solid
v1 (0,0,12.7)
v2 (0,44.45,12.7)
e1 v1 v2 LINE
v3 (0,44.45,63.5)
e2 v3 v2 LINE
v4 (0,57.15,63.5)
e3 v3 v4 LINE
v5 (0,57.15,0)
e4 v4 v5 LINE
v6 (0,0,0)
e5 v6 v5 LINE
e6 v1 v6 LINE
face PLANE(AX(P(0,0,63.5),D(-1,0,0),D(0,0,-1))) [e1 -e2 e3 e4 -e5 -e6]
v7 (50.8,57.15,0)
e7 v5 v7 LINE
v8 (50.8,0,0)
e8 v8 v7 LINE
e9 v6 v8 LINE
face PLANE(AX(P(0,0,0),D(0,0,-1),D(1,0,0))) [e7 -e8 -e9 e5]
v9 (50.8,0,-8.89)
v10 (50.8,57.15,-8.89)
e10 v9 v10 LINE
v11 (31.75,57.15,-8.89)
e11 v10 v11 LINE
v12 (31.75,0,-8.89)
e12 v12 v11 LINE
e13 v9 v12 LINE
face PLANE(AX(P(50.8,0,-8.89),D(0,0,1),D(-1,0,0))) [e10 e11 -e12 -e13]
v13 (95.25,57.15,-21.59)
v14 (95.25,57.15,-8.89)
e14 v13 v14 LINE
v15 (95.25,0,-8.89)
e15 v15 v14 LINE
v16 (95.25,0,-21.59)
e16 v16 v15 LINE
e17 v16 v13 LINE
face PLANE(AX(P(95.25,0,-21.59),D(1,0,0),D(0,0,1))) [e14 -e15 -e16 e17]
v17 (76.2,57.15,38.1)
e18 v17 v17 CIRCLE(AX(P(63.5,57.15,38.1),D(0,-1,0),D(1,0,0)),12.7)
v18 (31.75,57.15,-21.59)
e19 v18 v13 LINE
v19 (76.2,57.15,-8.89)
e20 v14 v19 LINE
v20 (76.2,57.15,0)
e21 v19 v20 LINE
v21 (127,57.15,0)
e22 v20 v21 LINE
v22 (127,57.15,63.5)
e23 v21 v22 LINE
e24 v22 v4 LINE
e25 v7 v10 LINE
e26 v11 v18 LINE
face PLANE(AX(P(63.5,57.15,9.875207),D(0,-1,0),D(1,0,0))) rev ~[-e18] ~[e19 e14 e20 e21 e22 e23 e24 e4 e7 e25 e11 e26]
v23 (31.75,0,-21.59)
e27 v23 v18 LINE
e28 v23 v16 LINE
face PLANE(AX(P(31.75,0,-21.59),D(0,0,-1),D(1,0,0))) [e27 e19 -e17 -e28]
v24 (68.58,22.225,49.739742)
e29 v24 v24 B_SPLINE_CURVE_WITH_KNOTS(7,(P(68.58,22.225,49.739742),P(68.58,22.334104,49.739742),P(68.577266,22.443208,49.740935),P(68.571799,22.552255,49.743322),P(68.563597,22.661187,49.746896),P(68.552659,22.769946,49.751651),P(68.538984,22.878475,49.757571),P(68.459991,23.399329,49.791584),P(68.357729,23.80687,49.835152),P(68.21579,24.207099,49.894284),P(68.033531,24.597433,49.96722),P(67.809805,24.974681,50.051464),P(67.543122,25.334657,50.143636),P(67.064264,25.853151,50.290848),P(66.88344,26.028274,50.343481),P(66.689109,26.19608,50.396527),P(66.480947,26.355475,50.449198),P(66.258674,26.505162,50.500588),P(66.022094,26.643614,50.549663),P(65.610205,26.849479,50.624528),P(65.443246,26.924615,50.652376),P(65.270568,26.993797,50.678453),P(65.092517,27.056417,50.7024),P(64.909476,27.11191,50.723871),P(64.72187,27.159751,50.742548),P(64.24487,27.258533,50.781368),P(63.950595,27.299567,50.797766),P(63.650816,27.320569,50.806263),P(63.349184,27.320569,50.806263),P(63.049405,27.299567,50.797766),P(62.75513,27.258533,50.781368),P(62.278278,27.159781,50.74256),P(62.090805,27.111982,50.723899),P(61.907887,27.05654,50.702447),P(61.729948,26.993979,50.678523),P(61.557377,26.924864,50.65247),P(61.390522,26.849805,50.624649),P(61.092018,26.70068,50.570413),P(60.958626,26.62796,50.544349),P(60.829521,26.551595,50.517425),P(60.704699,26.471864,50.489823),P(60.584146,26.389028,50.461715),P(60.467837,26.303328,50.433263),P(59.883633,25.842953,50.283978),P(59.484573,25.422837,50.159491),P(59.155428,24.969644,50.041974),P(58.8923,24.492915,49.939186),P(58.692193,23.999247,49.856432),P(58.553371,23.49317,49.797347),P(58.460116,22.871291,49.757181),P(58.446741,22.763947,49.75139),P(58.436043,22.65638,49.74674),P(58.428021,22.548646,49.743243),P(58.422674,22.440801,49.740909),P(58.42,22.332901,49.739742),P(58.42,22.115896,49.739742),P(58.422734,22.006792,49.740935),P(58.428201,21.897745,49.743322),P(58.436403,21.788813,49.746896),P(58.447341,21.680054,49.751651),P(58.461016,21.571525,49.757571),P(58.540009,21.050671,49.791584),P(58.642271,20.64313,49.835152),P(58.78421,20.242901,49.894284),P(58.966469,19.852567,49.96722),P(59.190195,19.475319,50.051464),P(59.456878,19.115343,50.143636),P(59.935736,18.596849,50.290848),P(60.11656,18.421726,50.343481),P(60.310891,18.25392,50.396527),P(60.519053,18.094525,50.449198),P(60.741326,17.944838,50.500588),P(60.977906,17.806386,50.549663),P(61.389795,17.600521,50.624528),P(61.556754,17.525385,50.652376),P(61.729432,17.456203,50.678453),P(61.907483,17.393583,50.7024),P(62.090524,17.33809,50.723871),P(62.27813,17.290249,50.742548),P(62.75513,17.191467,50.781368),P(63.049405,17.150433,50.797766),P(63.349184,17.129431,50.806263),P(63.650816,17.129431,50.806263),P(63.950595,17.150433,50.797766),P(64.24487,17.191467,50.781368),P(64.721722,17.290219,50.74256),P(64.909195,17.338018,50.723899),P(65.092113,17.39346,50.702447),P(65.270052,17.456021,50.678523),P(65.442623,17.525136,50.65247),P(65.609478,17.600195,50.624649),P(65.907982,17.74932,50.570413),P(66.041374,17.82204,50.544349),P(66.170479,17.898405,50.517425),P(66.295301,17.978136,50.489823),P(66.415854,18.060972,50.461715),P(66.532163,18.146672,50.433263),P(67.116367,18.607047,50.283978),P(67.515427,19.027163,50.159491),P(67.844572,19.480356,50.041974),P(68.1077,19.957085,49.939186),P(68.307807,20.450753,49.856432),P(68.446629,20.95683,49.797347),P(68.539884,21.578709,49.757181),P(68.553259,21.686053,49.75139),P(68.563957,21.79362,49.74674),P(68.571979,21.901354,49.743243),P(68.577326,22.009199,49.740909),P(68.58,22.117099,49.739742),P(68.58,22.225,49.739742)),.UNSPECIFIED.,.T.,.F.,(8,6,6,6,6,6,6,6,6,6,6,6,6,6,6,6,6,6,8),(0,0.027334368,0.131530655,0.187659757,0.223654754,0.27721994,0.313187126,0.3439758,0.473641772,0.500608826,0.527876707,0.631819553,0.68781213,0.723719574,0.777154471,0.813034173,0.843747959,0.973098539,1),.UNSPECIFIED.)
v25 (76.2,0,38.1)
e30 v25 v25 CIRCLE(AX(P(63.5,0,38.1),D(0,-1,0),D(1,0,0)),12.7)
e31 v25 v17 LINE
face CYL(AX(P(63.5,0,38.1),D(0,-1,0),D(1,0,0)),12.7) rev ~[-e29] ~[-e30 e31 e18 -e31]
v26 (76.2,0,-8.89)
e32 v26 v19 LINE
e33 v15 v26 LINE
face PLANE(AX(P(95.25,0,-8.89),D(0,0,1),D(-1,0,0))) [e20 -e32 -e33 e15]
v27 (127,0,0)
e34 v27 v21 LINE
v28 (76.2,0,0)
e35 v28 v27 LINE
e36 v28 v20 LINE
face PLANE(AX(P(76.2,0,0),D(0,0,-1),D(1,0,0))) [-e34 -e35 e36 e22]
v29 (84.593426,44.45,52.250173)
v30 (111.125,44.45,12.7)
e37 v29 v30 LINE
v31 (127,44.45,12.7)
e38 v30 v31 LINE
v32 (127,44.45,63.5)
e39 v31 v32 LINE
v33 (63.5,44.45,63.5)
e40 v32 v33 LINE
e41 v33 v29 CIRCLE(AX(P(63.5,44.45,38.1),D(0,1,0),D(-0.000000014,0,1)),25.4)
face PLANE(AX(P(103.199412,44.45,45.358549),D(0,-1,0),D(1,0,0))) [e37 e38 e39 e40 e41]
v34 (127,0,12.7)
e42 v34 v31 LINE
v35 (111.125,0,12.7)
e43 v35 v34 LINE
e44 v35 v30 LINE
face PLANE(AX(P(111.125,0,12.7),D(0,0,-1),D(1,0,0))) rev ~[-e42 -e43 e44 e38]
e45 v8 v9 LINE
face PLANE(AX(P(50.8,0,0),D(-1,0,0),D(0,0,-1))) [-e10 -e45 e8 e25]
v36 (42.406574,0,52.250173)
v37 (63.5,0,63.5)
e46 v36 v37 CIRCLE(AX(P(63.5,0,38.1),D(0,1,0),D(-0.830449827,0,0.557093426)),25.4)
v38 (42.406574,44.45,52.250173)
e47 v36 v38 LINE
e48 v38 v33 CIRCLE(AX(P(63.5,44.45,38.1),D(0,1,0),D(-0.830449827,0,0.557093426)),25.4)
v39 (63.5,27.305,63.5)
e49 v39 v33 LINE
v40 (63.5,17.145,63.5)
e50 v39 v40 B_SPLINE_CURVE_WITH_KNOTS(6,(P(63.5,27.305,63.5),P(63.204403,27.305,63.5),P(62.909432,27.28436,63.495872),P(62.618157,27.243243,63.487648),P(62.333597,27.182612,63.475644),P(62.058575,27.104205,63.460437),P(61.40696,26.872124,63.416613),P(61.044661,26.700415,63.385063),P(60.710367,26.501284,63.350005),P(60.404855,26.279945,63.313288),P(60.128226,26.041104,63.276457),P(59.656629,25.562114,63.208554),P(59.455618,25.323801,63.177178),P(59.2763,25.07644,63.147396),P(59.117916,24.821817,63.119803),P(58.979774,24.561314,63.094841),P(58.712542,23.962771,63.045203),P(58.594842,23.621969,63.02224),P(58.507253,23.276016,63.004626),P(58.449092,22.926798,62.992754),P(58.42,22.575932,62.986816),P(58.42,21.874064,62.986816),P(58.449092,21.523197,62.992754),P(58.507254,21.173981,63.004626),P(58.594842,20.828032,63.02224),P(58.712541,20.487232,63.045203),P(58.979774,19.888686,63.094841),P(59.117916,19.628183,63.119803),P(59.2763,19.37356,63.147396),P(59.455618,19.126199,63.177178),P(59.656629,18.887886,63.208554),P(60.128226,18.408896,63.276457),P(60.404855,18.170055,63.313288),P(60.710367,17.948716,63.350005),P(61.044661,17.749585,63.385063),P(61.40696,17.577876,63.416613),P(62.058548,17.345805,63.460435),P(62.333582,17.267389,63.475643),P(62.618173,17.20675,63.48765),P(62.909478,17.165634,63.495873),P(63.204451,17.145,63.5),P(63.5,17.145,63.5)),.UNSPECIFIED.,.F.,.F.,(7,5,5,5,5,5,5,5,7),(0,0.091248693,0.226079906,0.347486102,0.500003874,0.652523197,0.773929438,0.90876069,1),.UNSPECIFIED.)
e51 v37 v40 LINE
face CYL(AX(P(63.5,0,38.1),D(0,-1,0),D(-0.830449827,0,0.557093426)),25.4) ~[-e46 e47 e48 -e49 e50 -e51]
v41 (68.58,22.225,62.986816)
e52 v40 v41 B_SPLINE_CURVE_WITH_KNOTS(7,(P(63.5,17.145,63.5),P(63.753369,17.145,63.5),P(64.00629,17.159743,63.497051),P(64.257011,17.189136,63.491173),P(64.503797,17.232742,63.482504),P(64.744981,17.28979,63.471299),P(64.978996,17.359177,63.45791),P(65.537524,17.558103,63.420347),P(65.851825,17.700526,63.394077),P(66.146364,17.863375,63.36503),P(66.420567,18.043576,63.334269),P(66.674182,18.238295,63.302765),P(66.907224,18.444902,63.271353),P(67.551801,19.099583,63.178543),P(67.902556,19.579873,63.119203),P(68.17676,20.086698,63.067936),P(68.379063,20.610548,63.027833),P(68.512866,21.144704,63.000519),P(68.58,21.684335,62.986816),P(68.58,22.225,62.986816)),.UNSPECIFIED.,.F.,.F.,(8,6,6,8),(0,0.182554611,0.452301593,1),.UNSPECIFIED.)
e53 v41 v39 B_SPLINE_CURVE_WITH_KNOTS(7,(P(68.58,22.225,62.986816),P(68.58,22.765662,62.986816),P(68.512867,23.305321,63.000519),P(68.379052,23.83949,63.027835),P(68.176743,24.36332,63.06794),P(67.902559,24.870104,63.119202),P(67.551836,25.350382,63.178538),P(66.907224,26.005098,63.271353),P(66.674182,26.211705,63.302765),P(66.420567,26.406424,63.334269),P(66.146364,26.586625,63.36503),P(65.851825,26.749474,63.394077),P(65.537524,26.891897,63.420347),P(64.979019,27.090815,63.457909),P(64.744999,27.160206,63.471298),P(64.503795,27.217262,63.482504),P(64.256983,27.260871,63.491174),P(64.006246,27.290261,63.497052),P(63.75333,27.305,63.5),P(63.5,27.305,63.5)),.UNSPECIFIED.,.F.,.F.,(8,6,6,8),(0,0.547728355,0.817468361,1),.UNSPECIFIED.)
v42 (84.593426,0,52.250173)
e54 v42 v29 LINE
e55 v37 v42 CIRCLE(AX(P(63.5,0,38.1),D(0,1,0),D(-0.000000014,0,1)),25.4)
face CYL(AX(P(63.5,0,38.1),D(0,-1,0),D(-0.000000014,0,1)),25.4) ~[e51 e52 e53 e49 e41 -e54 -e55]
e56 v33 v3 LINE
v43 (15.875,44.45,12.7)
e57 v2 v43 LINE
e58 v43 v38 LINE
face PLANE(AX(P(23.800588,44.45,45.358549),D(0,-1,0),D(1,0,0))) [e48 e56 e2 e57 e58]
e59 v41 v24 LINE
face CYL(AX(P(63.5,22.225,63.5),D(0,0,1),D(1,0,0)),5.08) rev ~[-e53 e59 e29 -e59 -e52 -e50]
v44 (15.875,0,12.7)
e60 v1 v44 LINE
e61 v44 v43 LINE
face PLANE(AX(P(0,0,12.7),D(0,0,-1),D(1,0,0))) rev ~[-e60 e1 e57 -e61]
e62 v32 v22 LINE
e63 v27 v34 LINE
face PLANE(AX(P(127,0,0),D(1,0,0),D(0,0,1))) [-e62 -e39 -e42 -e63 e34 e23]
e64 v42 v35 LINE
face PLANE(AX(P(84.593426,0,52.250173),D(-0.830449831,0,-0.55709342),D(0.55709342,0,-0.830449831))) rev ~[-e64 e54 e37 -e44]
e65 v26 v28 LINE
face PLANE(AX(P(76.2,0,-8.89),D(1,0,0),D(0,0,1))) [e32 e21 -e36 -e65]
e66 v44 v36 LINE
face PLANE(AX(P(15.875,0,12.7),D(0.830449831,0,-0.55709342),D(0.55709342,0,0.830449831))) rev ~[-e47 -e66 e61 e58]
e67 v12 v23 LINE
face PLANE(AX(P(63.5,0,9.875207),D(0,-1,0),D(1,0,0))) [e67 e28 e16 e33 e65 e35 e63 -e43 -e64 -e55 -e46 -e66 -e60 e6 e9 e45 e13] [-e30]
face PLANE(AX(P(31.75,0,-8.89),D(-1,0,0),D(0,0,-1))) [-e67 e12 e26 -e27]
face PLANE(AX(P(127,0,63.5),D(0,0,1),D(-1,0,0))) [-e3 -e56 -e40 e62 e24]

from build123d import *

# Parameters (mm, degrees)
F0_R     = 12.7
F1_DEPTH = 57.15
F2_DEPTH = 44.45
F3_R     = 5.08
F4_DEPTH = 25.4


with BuildPart() as f1:
    # F0 (on Front) → F1 (new body)
    with BuildSketch(Plane.XZ):
        with BuildLine():
            Line((0, 12.7), (0, 0))
            Line((0, 0), (50.8, 0))
            Line((50.8, 0), (50.8, -8.89))
            Line((50.8, -8.89), (31.75, -8.89))
            Line((31.75, -8.89), (31.75, -21.59))
            Line((31.75, -21.59), (95.25, -21.59))
            Line((95.25, -21.59), (95.25, -8.89))
            Line((95.25, -8.89), (76.2, -8.89))
            Line((76.2, -8.89), (76.2, 0))
            Line((76.2, 0), (127, 0))
            Line((127, 0), (127, 12.7))
            Line((127, 12.7), (111.125, 12.7))
            Line((111.125, 12.7), (84.593426, 52.250173))
            ThreePointArc((84.593426, 52.250173), (75.452941, 60.511765), (63.5, 63.5))
            ThreePointArc((63.5, 63.5), (51.547059, 60.511765), (42.406574, 52.250173))
            Line((42.406574, 52.250173), (15.875, 12.7))
            Line((15.875, 12.7), (0, 12.7))
        make_face()
        with Locations((63.5, 38.1)):
            Circle(F0_R, mode=Mode.SUBTRACT)
        with BuildLine():
            Line((0, 63.5), (0, 12.7))
            Line((0, 12.7), (15.875, 12.7))
            Line((15.875, 12.7), (42.406574, 52.250173))
            ThreePointArc((42.406574, 52.250173), (51.547059, 60.511765), (63.5, 63.5))
            Line((63.5, 63.5), (0, 63.5))
        make_face()
        with BuildLine():
            Line((127, 63.5), (63.5, 63.5))
            ThreePointArc((63.5, 63.5), (75.452941, 60.511765), (84.593426, 52.250173))
            Line((84.593426, 52.250173), (111.125, 12.7))
            Line((111.125, 12.7), (127, 12.7))
            Line((127, 12.7), (127, 63.5))
        make_face()
    extrude(amount=-F1_DEPTH)

    # F0 (on Front) → F2 (cut)
    with BuildSketch(Plane.XZ):
        with BuildLine():
            Line((127, 63.5), (63.5, 63.5))
            ThreePointArc((63.5, 63.5), (75.452941, 60.511765), (84.593426, 52.250173))
            Line((84.593426, 52.250173), (111.125, 12.7))
            Line((111.125, 12.7), (127, 12.7))
            Line((127, 12.7), (127, 63.5))
        make_face()
        with BuildLine():
            Line((0, 63.5), (0, 12.7))
            Line((0, 12.7), (15.875, 12.7))
            Line((15.875, 12.7), (42.406574, 52.250173))
            ThreePointArc((42.406574, 52.250173), (51.547059, 60.511765), (63.5, 63.5))
            Line((63.5, 63.5), (0, 63.5))
        make_face()
    extrude(amount=-F2_DEPTH, mode=Mode.SUBTRACT)

    # F3 (on face) → F4 (cut)
    with BuildSketch(Plane.XY.offset(63.5)):
        with Locations((63.5, 22.225)):
            Circle(F3_R)
    extrude(amount=-F4_DEPTH, mode=Mode.SUBTRACT)


solid = f1.part
